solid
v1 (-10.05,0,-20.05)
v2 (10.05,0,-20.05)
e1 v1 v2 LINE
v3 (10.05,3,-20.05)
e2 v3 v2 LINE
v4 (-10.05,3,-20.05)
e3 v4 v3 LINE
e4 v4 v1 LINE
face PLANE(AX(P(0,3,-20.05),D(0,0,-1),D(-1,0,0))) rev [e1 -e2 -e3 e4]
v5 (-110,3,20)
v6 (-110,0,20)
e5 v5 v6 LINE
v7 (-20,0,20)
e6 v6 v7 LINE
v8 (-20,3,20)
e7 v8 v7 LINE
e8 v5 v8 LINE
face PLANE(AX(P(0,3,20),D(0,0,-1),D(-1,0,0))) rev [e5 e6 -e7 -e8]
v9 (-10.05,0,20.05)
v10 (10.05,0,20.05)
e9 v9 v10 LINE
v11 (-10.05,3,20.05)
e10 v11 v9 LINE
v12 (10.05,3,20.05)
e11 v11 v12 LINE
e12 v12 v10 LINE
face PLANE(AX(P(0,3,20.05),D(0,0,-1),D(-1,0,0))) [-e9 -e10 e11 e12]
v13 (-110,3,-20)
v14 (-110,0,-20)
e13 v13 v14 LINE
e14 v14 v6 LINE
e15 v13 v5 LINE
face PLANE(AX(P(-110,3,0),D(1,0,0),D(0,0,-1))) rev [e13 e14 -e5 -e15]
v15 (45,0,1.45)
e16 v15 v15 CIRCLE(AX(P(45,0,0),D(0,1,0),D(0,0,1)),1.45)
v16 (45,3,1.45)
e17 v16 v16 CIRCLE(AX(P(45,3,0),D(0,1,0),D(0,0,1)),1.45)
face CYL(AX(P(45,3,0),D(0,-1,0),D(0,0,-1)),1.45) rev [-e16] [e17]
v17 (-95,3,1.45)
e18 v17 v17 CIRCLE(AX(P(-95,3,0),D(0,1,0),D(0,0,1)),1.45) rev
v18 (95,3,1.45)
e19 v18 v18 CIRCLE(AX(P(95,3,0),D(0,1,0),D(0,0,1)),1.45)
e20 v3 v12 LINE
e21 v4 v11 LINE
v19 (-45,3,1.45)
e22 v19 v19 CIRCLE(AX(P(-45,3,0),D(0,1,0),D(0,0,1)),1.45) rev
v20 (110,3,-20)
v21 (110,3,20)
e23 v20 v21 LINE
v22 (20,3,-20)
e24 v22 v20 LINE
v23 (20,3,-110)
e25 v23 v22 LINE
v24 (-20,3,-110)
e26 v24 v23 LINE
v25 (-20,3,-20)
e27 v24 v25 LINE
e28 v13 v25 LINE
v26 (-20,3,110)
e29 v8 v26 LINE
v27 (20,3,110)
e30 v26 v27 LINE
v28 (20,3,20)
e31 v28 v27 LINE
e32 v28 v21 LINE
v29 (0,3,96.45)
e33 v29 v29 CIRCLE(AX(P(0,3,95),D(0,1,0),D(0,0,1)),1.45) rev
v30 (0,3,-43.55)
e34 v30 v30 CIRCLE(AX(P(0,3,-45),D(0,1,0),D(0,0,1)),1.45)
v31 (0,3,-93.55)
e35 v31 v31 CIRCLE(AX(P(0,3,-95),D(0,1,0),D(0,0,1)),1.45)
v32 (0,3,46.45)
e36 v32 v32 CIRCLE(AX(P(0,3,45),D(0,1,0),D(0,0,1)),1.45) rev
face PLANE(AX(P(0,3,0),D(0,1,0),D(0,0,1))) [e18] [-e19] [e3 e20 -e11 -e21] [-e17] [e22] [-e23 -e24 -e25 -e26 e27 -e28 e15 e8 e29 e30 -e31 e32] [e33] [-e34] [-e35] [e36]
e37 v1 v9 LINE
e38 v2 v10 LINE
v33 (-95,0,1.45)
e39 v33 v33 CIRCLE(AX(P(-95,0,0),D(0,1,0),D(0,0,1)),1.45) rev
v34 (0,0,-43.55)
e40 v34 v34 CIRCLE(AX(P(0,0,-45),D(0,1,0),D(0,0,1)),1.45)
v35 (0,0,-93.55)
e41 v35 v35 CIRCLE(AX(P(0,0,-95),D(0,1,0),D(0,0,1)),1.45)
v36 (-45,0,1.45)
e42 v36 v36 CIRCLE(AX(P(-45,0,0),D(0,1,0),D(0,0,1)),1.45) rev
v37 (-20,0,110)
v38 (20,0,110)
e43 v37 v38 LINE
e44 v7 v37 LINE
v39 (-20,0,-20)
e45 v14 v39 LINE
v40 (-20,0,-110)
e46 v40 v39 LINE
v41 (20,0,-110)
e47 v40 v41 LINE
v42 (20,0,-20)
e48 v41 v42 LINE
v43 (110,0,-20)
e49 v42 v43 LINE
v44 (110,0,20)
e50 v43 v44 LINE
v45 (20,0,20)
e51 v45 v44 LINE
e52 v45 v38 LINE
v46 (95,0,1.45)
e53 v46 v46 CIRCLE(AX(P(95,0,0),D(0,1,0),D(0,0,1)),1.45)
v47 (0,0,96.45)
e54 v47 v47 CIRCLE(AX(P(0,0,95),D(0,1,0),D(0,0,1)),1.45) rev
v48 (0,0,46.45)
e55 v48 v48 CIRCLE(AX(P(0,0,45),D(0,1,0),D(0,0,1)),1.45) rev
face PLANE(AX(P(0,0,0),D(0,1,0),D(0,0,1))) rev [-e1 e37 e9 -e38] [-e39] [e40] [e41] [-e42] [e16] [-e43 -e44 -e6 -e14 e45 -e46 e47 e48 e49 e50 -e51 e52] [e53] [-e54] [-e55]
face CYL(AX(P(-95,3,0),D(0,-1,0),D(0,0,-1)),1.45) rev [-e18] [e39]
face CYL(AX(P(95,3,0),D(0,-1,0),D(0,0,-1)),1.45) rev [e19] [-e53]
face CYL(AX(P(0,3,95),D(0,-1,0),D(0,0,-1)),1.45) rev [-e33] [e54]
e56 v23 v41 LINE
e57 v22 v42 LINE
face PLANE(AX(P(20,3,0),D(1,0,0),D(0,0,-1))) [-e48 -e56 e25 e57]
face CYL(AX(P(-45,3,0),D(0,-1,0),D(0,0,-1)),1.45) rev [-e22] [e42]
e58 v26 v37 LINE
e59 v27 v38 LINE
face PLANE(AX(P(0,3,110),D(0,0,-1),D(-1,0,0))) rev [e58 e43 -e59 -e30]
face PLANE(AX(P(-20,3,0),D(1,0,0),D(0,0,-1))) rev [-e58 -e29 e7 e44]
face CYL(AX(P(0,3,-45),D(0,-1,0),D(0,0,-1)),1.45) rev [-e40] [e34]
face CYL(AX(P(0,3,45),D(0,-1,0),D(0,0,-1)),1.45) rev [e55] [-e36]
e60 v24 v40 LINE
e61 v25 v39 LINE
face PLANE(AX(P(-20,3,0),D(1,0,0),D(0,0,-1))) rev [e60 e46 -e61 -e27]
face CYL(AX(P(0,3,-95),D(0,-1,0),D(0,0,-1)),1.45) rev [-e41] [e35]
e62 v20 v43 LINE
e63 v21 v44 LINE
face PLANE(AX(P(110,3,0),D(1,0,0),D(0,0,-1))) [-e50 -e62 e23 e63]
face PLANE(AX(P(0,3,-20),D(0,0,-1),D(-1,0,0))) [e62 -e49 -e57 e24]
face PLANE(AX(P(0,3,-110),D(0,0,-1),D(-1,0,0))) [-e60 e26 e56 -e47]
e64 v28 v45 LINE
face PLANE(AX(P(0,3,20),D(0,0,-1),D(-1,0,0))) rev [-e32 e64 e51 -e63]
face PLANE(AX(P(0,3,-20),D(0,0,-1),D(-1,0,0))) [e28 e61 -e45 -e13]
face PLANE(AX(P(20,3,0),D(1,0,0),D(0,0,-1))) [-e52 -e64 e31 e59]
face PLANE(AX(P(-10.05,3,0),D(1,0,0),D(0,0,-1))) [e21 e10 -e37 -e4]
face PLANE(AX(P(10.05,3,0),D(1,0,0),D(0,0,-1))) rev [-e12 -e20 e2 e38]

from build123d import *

# Parameters (mm, degrees)
SKETCH1_R           = 1.45
SKETCH1_W           = 20.1
SKETCH1_H           = 40.1
BOSS_EXTRUDE1_DEPTH = 3


with BuildPart() as part:
    # Sketch1 → Boss-Extrude1 (new body)
    with BuildSketch(Plane(origin=(0, 0, 0), x_dir=(1, 0, 0), z_dir=(0, 1, 0))):
        Polygon((-20, 110), (20, 110), (20, 20), (110, 20), (110, -20), (20, -20), (20, -110), (-20, -110), (-20, -20), (-110, -20), (-110, 20), (-20, 20), align=None)
        with Locations(Location((45, 0, 0), (0, 0, 270))):
            Circle(SKETCH1_R, mode=Mode.SUBTRACT)
        with Locations(Location((95, 0, 0), (0, 0, 270))):
            Circle(SKETCH1_R, mode=Mode.SUBTRACT)
        with Locations(Location((-95, 0, 0), (0, 0, 270))):
            Circle(SKETCH1_R, mode=Mode.SUBTRACT)
        with Locations(Location((-45, 0, 0), (0, 0, 270))):
            Circle(SKETCH1_R, mode=Mode.SUBTRACT)
        with Locations(Location((0, 95, 0), (0, 0, 270))):
            Circle(SKETCH1_R, mode=Mode.SUBTRACT)
        with Locations(Location((0, 45, 0), (0, 0, 270))):
            Circle(SKETCH1_R, mode=Mode.SUBTRACT)
        with Locations(Location((0, -45, 0), (0, 0, 270))):
            Circle(SKETCH1_R, mode=Mode.SUBTRACT)
        with Locations(Location((0, -95, 0), (0, 0, 270))):
            Circle(SKETCH1_R, mode=Mode.SUBTRACT)
        Rectangle(SKETCH1_W, SKETCH1_H, mode=Mode.SUBTRACT)
    extrude(amount=BOSS_EXTRUDE1_DEPTH)


solid = part.part
